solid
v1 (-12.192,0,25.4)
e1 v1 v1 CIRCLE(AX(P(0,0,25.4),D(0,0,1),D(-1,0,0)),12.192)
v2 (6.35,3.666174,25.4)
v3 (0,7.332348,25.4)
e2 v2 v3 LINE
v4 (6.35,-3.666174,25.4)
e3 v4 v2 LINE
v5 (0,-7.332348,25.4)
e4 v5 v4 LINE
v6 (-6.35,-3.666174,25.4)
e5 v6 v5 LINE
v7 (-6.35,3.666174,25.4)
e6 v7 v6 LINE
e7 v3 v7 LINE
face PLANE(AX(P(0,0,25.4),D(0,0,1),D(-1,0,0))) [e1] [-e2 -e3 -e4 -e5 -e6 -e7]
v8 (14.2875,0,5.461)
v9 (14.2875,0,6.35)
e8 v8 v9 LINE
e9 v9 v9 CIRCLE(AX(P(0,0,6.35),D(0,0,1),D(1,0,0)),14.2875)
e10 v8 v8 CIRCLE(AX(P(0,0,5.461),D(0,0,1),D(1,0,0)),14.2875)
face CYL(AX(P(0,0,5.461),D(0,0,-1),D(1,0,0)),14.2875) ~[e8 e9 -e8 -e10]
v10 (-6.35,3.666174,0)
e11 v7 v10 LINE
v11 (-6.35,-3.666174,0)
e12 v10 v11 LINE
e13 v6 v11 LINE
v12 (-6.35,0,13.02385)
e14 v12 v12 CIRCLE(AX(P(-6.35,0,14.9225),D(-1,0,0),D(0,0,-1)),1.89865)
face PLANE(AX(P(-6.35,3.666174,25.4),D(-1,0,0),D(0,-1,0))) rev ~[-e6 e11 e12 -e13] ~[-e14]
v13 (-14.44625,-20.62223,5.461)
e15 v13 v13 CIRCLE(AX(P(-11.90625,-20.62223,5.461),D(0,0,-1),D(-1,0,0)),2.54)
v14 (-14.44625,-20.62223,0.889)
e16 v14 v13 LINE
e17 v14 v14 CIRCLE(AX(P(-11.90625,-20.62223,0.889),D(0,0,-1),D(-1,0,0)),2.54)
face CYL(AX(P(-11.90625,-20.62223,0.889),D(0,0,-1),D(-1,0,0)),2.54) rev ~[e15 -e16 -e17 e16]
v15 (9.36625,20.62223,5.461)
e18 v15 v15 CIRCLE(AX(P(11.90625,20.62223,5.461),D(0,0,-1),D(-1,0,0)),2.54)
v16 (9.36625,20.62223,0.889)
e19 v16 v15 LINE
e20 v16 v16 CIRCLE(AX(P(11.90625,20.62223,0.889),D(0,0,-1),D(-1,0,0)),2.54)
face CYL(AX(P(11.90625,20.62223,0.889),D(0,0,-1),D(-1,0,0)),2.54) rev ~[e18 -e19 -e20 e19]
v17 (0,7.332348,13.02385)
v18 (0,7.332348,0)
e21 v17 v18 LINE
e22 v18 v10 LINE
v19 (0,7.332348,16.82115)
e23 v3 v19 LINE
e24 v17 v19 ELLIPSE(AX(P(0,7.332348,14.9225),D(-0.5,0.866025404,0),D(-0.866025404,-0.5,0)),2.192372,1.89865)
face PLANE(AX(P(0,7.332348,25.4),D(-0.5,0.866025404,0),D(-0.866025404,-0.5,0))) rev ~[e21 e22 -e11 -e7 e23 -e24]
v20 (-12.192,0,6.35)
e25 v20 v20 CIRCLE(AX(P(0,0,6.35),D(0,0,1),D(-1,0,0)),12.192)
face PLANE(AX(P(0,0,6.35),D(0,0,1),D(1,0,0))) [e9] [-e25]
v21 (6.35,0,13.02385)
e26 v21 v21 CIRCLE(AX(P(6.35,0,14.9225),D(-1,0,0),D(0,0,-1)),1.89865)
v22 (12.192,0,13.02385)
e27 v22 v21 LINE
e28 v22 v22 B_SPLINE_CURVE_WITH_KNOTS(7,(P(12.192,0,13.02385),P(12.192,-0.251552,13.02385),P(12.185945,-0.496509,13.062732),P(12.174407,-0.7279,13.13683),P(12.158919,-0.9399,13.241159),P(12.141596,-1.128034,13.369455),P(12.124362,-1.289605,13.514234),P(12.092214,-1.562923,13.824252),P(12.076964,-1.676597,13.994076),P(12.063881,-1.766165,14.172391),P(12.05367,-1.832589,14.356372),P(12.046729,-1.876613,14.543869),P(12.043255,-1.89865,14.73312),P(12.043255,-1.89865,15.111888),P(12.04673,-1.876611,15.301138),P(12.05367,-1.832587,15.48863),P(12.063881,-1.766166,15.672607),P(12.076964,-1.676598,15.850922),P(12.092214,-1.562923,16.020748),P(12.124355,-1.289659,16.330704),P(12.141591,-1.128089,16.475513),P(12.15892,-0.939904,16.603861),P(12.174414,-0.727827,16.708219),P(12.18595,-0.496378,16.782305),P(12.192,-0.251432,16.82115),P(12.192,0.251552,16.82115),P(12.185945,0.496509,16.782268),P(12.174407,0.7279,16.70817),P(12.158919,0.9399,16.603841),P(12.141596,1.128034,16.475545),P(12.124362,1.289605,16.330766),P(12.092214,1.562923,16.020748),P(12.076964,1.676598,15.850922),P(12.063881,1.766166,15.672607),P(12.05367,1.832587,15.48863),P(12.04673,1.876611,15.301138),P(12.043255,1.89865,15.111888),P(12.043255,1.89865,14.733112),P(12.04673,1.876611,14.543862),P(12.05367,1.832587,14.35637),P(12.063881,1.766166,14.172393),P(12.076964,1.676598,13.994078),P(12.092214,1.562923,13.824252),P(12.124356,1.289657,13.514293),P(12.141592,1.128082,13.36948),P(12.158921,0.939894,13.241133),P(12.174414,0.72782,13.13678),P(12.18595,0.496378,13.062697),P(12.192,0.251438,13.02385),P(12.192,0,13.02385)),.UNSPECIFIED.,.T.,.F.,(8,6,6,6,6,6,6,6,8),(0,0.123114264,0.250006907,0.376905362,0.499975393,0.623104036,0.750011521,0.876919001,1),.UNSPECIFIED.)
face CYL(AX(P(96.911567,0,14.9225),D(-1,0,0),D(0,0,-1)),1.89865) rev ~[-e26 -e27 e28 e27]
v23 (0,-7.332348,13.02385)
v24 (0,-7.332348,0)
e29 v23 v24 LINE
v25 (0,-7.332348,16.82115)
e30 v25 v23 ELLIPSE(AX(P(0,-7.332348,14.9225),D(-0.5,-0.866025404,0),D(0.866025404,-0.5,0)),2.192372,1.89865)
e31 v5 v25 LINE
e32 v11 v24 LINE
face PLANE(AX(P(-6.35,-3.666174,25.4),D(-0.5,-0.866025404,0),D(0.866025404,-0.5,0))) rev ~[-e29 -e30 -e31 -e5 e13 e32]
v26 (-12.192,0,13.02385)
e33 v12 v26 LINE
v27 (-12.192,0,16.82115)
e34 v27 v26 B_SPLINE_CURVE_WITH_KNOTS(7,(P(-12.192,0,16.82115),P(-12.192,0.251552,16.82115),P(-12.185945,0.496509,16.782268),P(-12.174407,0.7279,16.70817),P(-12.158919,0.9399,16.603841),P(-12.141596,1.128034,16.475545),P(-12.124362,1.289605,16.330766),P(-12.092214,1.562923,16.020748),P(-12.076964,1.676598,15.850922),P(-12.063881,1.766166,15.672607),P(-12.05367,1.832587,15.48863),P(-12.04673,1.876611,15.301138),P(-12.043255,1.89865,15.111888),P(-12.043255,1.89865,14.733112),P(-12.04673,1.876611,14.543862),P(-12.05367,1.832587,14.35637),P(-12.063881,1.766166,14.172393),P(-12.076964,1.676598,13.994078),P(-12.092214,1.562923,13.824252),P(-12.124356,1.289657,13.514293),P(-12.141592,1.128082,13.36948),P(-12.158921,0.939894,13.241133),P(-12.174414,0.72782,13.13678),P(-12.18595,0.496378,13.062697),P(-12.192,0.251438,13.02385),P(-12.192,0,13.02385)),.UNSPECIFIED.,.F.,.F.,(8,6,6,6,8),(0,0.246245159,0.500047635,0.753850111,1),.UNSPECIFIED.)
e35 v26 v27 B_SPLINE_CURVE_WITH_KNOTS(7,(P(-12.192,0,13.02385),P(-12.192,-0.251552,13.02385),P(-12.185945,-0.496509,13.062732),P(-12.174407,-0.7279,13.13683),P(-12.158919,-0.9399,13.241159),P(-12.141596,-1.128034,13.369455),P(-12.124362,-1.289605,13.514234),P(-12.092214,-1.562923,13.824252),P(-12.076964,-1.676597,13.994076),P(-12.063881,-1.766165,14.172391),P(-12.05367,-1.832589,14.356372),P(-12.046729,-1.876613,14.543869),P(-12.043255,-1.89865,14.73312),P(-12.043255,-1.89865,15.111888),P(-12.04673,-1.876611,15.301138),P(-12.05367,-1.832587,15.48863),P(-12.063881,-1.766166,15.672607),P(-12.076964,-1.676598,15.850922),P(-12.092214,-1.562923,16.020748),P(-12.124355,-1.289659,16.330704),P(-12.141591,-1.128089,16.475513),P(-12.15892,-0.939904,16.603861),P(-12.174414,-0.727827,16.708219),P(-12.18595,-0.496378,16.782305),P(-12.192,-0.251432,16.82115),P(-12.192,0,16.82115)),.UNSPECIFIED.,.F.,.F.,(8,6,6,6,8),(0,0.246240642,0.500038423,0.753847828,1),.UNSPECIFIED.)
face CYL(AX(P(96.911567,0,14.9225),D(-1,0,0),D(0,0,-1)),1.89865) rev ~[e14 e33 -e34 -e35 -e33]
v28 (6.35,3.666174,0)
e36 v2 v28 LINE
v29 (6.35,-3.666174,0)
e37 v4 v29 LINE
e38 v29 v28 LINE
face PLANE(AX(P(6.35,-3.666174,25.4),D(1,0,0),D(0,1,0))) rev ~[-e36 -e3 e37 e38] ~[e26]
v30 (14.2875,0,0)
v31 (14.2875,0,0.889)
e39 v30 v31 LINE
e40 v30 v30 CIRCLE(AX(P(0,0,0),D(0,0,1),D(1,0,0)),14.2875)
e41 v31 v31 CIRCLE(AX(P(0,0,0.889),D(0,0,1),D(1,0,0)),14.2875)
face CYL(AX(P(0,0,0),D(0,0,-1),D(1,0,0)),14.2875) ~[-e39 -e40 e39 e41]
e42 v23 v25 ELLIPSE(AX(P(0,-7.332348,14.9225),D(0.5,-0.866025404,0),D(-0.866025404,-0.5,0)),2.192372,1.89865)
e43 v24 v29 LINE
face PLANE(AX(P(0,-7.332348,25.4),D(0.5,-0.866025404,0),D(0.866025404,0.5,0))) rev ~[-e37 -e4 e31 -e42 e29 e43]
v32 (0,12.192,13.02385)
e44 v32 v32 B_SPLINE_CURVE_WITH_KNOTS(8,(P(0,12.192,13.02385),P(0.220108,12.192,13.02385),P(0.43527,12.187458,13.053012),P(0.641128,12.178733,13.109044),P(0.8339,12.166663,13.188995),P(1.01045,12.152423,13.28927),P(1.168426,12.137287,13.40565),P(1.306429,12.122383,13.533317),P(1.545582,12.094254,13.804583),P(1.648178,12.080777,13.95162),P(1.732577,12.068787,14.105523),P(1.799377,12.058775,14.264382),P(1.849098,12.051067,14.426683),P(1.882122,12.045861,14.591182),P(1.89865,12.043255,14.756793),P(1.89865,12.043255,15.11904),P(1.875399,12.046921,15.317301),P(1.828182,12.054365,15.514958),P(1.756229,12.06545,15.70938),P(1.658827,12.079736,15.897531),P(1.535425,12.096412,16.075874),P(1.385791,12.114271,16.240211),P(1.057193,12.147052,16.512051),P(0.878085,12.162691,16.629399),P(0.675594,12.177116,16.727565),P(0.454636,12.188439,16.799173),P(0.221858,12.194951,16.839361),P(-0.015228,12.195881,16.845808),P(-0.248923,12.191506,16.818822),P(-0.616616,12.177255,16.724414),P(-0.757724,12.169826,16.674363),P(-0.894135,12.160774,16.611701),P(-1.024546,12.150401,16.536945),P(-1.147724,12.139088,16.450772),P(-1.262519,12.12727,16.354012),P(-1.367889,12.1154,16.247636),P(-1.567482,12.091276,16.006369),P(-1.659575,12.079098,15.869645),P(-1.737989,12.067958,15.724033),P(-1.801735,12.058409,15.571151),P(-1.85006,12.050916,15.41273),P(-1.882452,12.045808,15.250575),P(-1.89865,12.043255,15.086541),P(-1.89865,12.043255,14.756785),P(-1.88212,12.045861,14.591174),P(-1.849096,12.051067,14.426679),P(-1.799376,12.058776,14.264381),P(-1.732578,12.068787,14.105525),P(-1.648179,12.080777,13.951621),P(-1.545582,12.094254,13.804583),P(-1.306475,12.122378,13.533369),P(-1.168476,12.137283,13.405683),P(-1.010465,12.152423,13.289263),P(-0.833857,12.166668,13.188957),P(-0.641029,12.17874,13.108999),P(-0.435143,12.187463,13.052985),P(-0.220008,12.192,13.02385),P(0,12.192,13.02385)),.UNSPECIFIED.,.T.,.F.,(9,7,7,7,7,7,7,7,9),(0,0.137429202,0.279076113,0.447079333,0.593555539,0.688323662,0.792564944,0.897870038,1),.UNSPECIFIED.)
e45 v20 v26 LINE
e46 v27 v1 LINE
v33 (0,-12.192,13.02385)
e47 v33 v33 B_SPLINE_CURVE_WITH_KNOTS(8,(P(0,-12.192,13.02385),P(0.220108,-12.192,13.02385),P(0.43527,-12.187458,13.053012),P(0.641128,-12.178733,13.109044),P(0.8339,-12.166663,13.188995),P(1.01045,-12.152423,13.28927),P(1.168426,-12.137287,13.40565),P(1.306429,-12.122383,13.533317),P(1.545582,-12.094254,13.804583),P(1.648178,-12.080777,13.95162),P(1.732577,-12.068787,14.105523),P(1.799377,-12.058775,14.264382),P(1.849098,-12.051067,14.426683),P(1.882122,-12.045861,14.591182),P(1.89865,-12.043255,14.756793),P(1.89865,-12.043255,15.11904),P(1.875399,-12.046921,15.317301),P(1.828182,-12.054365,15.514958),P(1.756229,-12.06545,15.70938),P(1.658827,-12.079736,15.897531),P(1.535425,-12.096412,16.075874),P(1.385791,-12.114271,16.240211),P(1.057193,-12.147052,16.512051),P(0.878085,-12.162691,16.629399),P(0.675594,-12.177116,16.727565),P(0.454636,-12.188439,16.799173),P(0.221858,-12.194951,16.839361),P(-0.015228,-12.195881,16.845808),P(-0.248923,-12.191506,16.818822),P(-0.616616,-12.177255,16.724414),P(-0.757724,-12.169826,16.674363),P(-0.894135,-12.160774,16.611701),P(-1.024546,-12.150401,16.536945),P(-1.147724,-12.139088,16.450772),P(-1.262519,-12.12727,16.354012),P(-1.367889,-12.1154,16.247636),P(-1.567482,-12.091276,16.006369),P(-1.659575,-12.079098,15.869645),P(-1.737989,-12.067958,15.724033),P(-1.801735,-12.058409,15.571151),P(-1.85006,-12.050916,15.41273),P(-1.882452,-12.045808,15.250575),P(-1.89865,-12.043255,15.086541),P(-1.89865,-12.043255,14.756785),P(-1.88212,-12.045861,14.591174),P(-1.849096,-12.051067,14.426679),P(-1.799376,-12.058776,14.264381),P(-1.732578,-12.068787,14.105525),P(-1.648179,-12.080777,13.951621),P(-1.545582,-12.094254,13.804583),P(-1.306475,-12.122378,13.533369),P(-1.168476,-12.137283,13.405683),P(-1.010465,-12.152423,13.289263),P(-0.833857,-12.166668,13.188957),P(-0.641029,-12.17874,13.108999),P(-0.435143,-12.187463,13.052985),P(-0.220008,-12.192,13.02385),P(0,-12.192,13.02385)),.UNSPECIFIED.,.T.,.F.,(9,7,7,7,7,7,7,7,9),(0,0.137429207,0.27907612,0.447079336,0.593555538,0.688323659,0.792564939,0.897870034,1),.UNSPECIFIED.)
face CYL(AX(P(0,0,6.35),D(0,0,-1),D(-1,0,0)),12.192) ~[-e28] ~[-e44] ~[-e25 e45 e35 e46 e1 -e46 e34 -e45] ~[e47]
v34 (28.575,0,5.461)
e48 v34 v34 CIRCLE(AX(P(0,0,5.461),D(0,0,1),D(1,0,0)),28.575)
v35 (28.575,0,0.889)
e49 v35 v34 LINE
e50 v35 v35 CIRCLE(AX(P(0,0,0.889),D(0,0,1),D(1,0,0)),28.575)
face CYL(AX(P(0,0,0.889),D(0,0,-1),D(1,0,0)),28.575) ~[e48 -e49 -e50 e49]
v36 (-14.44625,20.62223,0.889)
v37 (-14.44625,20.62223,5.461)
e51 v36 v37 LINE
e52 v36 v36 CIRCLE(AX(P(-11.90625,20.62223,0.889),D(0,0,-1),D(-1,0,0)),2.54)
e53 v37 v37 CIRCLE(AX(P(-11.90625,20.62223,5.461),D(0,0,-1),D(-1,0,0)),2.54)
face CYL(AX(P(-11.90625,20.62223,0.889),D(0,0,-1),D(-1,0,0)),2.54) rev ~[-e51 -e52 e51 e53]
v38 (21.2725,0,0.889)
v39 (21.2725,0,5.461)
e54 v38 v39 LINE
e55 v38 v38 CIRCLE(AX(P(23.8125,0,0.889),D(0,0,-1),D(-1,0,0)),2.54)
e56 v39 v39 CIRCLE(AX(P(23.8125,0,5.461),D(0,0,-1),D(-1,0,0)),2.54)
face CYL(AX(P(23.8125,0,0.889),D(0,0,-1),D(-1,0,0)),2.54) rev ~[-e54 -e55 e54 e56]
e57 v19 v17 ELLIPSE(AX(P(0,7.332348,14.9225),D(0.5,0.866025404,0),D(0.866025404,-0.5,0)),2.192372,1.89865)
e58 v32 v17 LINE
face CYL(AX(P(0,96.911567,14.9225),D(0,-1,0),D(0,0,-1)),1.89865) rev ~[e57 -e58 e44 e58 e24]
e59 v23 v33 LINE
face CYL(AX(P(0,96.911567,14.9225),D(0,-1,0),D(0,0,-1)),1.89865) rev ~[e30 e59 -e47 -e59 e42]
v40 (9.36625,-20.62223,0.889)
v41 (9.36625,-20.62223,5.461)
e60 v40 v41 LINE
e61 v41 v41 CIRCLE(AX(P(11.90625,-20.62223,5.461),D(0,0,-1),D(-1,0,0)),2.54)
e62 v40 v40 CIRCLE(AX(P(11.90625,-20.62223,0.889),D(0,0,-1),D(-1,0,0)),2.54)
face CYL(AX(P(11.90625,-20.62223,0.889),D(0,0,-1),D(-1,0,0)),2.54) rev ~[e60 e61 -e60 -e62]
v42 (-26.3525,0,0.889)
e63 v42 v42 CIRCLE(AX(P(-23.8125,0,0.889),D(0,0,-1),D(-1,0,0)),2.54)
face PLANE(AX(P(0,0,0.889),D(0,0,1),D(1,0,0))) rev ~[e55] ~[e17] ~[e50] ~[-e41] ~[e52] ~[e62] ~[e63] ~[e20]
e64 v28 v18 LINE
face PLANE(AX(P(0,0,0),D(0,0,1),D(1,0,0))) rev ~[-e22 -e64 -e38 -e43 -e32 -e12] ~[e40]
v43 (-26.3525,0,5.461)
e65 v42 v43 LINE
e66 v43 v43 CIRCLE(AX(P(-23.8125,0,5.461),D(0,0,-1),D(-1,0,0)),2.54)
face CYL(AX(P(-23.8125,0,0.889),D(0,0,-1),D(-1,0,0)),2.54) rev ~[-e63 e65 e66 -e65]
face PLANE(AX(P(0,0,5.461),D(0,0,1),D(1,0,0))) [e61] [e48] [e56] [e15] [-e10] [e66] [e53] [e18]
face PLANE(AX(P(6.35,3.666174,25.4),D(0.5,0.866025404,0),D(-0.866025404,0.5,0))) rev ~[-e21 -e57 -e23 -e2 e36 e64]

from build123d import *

# Parameters (mm, degrees)
SKETCH1_R              = 14.2875
BOSS_EXTRUDE1_DEPTH    = 0.889
SKETCH2_R              = 28.575
BOSS_EXTRUDE2_DEPTH    = 4.572
SKETCH3_R              = 14.2875
BOSS_EXTRUDE3_DEPTH    = 0.889
SKETCH4_R              = 12.192
BOSS_EXTRUDE4_DEPTH    = 19.05
SKETCH5_R              = 2.54
CUT_EXTRUDE1_DEPTH     = 48.2636263
CUT_EXTRUDE2_DEPTH     = 48.730716001
F_10_24_TAPPED_HOLE1_D = 3.7973
CIRPATTERN1_COUNT      = 2
CIRPATTERN1_ANGLE      = 90


with BuildPart() as part:
    # Sketch1 → Boss-Extrude1 (new body)
    with BuildSketch(Plane.XY):
        Circle(SKETCH1_R)
    extrude(amount=BOSS_EXTRUDE1_DEPTH)

    # Sketch2 → Boss-Extrude2 (add)
    with BuildSketch(Plane.XY.offset(0.889)):
        Circle(SKETCH2_R)
    extrude(amount=BOSS_EXTRUDE2_DEPTH)

    # Sketch3 → Boss-Extrude3 (add)
    with BuildSketch(Plane.XY.offset(5.461)):
        Circle(SKETCH3_R)
    extrude(amount=BOSS_EXTRUDE3_DEPTH)

    # Sketch4 → Boss-Extrude4 (add)
    with BuildSketch(Plane.XY.offset(6.35)):
        with Locations(Location((0, 0, 0), (0, 0, 180))):
            Circle(SKETCH4_R)
    extrude(amount=BOSS_EXTRUDE4_DEPTH)

    # Sketch5 → Cut-Extrude1 (cut, through all)
    with BuildSketch(Plane(origin=(0, 0, 0.889), x_dir=(-1, 0, 0), z_dir=(0, 0, -1))):
        with Locations((-11.90625, 20.622229928)):
            Circle(SKETCH5_R)
        with Locations((11.90625, 20.622229928)):
            Circle(SKETCH5_R)
        with Locations((23.8125, 0)):
            Circle(SKETCH5_R)
        with Locations((11.90625, -20.622229928)):
            Circle(SKETCH5_R)
        with Locations((-11.90625, -20.622229928)):
            Circle(SKETCH5_R)
        with Locations((-23.8125, 0)):
            Circle(SKETCH5_R)
    extrude(amount=-CUT_EXTRUDE1_DEPTH, mode=Mode.SUBTRACT)

    # Sketch6 → Cut-Extrude2 (cut, through all)
    with BuildSketch(Plane.XY.offset(25.4)):
        Polygon((0, 7.332348419), (-6.35, 3.666174209), (-6.35, -3.666174209), (0, -7.332348419), (6.35, -3.666174209), (6.35, 3.666174209), align=None)
    extrude(amount=-CUT_EXTRUDE2_DEPTH, mode=Mode.SUBTRACT)

    # #10-24 Tapped Hole1 (through all)
    with Locations(Plane(origin=(12.192, 0, 14.9225), x_dir=(0, 0, 1), z_dir=(1, 0, 0))):
        with Locations((0, 0)):
            f_10_24_tapped_hole1 = Hole(F_10_24_TAPPED_HOLE1_D / 2)

    # CirPattern1: #10-24 Tapped Hole1 ×2 about axis
    cirpattern1_axis = Axis((0, 0, 5.461), (0, 0, 1))
    for i in range(1, CIRPATTERN1_COUNT):
        add(f_10_24_tapped_hole1.rotate(cirpattern1_axis, i * CIRPATTERN1_ANGLE / (CIRPATTERN1_COUNT - 1)), mode=Mode.SUBTRACT)


solid = part.part
